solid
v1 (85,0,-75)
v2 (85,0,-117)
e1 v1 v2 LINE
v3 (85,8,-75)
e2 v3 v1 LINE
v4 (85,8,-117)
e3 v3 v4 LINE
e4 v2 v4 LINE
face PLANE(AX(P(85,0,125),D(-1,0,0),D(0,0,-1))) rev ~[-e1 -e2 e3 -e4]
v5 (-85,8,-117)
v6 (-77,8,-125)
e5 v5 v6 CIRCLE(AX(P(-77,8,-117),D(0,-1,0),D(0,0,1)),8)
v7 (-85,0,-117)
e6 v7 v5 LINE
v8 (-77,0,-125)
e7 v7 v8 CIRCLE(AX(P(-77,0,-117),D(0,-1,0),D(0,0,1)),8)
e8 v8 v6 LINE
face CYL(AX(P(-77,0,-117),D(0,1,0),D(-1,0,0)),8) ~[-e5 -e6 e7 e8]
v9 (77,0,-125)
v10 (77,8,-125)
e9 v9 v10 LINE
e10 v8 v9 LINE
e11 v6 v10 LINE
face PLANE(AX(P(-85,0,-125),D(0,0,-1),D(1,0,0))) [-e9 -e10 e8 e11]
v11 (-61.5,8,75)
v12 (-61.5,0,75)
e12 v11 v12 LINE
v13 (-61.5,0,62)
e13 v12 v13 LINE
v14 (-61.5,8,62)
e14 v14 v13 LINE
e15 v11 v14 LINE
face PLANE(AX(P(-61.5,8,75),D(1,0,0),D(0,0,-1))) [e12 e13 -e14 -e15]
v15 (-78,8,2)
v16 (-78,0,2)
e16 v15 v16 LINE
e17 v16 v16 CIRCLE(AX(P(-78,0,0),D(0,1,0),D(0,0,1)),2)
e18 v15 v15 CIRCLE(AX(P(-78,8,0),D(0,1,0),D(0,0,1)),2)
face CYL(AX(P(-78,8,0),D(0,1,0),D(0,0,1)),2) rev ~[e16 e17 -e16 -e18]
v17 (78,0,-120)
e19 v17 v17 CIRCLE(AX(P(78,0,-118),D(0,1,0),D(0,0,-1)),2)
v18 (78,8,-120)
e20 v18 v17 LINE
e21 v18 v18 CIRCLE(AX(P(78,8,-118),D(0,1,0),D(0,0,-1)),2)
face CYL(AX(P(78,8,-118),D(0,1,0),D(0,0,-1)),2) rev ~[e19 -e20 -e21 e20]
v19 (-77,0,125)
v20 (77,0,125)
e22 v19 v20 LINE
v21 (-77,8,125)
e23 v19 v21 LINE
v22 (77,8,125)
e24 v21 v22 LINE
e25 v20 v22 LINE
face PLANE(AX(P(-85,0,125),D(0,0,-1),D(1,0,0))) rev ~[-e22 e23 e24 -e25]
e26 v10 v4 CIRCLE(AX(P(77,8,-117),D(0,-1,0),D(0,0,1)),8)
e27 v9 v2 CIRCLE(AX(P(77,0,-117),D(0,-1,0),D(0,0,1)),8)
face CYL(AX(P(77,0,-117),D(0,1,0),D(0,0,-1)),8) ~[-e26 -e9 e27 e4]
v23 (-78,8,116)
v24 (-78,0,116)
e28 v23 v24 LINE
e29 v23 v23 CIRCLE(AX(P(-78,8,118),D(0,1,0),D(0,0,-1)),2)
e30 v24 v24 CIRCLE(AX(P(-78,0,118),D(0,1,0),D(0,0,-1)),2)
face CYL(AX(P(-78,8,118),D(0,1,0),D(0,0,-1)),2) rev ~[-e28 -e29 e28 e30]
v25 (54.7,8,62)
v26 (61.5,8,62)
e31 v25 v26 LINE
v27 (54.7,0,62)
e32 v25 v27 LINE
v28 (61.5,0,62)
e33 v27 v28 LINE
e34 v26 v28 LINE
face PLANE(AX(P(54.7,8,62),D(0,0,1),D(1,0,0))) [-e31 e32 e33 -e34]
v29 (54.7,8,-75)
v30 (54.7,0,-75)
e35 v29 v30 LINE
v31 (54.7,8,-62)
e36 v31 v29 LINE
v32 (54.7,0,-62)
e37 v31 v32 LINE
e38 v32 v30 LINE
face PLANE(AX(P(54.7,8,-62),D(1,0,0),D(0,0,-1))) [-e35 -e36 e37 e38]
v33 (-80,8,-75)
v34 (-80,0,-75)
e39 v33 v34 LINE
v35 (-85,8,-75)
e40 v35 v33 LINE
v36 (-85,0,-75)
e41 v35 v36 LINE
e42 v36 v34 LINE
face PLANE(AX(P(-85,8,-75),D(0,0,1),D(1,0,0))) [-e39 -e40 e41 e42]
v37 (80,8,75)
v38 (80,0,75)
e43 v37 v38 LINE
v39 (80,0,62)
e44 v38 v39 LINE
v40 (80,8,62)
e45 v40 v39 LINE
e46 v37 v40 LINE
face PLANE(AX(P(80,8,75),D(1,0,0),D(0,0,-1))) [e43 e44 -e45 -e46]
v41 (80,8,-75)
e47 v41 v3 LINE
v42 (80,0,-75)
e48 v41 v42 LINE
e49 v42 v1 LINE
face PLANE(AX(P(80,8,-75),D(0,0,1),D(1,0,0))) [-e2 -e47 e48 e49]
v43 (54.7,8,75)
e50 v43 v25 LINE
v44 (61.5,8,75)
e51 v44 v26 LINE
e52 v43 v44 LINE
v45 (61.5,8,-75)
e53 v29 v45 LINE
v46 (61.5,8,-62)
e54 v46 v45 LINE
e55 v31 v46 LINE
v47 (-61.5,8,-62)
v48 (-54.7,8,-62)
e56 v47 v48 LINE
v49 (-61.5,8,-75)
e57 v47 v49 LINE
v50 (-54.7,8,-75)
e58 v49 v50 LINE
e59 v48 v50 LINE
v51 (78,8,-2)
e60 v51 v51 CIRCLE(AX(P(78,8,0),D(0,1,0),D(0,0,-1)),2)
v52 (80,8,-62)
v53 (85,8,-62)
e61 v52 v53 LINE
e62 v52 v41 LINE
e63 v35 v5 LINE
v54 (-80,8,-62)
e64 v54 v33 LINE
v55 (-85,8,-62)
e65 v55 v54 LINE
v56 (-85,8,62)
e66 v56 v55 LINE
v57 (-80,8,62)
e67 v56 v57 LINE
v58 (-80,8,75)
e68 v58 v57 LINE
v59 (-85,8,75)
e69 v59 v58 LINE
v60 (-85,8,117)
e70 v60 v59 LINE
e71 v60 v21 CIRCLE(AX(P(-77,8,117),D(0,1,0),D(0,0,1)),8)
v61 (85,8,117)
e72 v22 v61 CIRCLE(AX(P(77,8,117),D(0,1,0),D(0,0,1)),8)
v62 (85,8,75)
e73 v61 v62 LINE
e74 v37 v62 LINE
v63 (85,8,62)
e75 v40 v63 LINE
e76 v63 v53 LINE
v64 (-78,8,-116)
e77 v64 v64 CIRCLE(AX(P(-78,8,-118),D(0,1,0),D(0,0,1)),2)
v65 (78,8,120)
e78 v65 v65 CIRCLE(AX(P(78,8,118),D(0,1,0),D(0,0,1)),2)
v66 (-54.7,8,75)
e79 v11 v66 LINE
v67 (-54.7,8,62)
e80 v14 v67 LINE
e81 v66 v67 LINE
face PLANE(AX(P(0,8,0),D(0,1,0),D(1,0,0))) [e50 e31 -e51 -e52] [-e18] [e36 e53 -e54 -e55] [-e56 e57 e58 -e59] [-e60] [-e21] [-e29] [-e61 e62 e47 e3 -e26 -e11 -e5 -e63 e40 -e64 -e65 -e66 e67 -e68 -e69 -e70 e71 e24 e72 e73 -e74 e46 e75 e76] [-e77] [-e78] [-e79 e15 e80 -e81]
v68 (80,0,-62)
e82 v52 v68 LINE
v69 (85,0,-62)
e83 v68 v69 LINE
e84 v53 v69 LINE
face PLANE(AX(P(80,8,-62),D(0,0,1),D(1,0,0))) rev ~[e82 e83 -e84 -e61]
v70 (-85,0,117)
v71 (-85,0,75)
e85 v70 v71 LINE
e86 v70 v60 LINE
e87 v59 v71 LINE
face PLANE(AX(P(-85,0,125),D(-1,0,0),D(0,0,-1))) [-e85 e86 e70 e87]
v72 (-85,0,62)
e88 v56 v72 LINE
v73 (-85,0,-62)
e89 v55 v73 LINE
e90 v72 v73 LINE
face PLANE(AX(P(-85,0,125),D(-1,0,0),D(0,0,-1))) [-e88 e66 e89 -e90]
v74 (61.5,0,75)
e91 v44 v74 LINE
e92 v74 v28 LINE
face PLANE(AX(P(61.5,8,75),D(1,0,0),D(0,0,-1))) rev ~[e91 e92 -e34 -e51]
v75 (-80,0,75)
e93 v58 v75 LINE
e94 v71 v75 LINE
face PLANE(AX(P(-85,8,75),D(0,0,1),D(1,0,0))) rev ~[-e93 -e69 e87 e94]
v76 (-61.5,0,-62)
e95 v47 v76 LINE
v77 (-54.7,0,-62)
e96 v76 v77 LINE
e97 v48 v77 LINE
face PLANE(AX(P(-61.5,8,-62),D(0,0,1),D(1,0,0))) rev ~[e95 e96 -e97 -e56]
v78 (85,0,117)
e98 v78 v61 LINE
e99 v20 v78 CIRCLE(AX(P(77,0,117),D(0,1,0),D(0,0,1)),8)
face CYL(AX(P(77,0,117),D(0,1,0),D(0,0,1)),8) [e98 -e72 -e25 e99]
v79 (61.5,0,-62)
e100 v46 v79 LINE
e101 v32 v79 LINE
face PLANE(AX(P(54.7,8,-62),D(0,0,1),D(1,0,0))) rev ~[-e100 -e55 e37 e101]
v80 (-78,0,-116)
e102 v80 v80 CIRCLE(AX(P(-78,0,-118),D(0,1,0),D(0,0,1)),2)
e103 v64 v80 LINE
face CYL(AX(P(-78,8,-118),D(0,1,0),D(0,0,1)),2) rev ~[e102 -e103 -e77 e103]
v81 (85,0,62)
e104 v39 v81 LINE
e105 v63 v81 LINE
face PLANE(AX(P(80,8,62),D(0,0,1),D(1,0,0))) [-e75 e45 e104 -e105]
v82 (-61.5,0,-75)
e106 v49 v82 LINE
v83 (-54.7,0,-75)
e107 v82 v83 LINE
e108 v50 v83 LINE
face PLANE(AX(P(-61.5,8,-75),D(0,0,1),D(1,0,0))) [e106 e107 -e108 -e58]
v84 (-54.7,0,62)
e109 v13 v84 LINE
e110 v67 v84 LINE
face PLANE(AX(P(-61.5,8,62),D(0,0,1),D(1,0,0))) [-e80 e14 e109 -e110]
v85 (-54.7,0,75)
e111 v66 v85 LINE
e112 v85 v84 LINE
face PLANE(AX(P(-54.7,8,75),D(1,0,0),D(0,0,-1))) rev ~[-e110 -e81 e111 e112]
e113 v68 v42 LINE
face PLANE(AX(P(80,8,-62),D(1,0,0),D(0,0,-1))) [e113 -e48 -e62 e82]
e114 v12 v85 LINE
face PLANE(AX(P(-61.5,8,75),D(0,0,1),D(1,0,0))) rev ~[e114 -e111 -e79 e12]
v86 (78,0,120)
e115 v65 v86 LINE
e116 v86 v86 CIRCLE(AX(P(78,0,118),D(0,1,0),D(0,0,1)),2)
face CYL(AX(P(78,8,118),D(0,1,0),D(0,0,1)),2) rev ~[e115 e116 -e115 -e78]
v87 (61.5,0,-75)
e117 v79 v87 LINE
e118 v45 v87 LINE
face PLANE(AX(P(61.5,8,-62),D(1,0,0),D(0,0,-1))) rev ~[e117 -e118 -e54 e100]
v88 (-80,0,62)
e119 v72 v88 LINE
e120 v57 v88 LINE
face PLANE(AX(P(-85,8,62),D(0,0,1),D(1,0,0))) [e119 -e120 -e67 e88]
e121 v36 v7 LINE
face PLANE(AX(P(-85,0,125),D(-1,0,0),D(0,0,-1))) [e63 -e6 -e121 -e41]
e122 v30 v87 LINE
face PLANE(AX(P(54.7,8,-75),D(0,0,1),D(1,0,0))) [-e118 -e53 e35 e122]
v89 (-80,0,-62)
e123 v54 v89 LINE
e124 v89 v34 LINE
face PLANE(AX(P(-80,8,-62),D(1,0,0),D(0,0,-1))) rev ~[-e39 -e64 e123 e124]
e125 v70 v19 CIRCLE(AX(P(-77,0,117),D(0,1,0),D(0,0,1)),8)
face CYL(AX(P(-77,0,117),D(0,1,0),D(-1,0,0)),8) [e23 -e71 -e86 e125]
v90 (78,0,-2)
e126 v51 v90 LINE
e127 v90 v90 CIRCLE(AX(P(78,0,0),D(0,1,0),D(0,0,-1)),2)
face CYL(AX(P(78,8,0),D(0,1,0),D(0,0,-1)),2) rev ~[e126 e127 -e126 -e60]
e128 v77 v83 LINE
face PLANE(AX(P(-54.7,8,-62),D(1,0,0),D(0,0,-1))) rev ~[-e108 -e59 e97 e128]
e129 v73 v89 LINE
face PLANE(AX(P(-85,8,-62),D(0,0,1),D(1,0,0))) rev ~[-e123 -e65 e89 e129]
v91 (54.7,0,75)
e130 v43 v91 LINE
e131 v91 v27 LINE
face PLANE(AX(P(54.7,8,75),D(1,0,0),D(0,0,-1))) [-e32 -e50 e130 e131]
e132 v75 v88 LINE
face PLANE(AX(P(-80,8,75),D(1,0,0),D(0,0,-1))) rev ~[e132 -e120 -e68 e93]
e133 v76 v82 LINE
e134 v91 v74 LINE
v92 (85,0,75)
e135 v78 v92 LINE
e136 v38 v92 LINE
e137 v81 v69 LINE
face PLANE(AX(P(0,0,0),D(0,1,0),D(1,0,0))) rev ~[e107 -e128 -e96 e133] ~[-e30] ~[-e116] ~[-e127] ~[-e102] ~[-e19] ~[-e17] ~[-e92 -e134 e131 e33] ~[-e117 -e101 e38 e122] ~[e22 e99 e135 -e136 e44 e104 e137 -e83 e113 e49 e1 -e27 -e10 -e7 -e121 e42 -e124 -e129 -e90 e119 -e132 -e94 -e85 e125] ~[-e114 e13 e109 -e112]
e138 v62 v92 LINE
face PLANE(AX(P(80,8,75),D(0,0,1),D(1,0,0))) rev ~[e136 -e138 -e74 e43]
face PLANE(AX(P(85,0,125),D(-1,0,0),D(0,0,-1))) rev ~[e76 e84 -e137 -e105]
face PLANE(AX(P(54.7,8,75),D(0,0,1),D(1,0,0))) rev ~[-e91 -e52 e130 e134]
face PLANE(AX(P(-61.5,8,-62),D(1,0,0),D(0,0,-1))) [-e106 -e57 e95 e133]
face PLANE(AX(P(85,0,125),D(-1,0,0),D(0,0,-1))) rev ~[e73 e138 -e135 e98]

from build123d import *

# Parameters (mm, degrees)
SKETCH1_W           = 170
SKETCH1_H           = 250
BOSS_EXTRUDE1_DEPTH = 8
SKETCH2_W           = 5
SKETCH2_H           = 13
CUT_EXTRUDE1_DEPTH  = 8
SKETCH3_R           = 2
SKETCH3_W           = 6.8
SKETCH3_H           = 13
CUT_EXTRUDE2_DEPTH  = 8
FILLET1_R           = 8


with BuildPart() as part:
    # Sketch1 → Boss-Extrude1 (new body)
    with BuildSketch(Plane(origin=(0, 0, 0), x_dir=(1, 0, 0), z_dir=(0, 1, 0))):
        Rectangle(SKETCH1_W, SKETCH1_H)
    extrude(amount=BOSS_EXTRUDE1_DEPTH)

    # Sketch2 → Cut-Extrude1 (cut)
    with BuildSketch(Plane(origin=(0, 8, 0), x_dir=(1, 0, 0), z_dir=(0, 1, 0))):
        with Locations((82.5, 68.5)):
            Rectangle(SKETCH2_W, SKETCH2_H)
        with Locations((-82.5, 68.5)):
            Rectangle(SKETCH2_W, SKETCH2_H)
        with Locations((82.5, -68.5)):
            Rectangle(SKETCH2_W, SKETCH2_H)
        with Locations((-82.5, -68.5)):
            Rectangle(SKETCH2_W, SKETCH2_H)
    extrude(amount=-CUT_EXTRUDE1_DEPTH, mode=Mode.SUBTRACT)

    # Sketch3 → Cut-Extrude2 (cut)
    with BuildSketch(Plane(origin=(0, 8, 0), x_dir=(1, 0, 0), z_dir=(0, 1, 0))):
        with Locations(Location((-78, 118, 0), (0, 0, 270))):
            Circle(SKETCH3_R)
        with Locations(Location((78, 118, 0), (0, 0, 90))):
            Circle(SKETCH3_R)
        with Locations(Location((78, -118, 0), (0, 0, 270))):
            Circle(SKETCH3_R)
        with Locations(Location((-78, -118, 0), (0, 0, 90))):
            Circle(SKETCH3_R)
        with Locations(Location((-78, 0, 0), (0, 0, 270))):
            Circle(SKETCH3_R)
        with Locations(Location((78, 0, 0), (0, 0, 90))):
            Circle(SKETCH3_R)
        with Locations((-58.1, 68.5)):
            Rectangle(SKETCH3_W, SKETCH3_H)
        with Locations((58.1, 68.5)):
            Rectangle(SKETCH3_W, SKETCH3_H)
        with Locations((58.1, -68.5)):
            Rectangle(SKETCH3_W, SKETCH3_H)
        with Locations((-58.1, -68.5)):
            Rectangle(SKETCH3_W, SKETCH3_H)
    extrude(amount=-CUT_EXTRUDE2_DEPTH, mode=Mode.SUBTRACT)

    # Fillet1
    fillet1_edges = [part.edges().sort_by_distance(p)[0] for p in [
        (85, 4, 125),
        (-85, 4, 125),
        (-85, 4, -125),
        (85, 4, -125),
    ]]
    fillet(fillet1_edges, radius=FILLET1_R)


solid = part.part
